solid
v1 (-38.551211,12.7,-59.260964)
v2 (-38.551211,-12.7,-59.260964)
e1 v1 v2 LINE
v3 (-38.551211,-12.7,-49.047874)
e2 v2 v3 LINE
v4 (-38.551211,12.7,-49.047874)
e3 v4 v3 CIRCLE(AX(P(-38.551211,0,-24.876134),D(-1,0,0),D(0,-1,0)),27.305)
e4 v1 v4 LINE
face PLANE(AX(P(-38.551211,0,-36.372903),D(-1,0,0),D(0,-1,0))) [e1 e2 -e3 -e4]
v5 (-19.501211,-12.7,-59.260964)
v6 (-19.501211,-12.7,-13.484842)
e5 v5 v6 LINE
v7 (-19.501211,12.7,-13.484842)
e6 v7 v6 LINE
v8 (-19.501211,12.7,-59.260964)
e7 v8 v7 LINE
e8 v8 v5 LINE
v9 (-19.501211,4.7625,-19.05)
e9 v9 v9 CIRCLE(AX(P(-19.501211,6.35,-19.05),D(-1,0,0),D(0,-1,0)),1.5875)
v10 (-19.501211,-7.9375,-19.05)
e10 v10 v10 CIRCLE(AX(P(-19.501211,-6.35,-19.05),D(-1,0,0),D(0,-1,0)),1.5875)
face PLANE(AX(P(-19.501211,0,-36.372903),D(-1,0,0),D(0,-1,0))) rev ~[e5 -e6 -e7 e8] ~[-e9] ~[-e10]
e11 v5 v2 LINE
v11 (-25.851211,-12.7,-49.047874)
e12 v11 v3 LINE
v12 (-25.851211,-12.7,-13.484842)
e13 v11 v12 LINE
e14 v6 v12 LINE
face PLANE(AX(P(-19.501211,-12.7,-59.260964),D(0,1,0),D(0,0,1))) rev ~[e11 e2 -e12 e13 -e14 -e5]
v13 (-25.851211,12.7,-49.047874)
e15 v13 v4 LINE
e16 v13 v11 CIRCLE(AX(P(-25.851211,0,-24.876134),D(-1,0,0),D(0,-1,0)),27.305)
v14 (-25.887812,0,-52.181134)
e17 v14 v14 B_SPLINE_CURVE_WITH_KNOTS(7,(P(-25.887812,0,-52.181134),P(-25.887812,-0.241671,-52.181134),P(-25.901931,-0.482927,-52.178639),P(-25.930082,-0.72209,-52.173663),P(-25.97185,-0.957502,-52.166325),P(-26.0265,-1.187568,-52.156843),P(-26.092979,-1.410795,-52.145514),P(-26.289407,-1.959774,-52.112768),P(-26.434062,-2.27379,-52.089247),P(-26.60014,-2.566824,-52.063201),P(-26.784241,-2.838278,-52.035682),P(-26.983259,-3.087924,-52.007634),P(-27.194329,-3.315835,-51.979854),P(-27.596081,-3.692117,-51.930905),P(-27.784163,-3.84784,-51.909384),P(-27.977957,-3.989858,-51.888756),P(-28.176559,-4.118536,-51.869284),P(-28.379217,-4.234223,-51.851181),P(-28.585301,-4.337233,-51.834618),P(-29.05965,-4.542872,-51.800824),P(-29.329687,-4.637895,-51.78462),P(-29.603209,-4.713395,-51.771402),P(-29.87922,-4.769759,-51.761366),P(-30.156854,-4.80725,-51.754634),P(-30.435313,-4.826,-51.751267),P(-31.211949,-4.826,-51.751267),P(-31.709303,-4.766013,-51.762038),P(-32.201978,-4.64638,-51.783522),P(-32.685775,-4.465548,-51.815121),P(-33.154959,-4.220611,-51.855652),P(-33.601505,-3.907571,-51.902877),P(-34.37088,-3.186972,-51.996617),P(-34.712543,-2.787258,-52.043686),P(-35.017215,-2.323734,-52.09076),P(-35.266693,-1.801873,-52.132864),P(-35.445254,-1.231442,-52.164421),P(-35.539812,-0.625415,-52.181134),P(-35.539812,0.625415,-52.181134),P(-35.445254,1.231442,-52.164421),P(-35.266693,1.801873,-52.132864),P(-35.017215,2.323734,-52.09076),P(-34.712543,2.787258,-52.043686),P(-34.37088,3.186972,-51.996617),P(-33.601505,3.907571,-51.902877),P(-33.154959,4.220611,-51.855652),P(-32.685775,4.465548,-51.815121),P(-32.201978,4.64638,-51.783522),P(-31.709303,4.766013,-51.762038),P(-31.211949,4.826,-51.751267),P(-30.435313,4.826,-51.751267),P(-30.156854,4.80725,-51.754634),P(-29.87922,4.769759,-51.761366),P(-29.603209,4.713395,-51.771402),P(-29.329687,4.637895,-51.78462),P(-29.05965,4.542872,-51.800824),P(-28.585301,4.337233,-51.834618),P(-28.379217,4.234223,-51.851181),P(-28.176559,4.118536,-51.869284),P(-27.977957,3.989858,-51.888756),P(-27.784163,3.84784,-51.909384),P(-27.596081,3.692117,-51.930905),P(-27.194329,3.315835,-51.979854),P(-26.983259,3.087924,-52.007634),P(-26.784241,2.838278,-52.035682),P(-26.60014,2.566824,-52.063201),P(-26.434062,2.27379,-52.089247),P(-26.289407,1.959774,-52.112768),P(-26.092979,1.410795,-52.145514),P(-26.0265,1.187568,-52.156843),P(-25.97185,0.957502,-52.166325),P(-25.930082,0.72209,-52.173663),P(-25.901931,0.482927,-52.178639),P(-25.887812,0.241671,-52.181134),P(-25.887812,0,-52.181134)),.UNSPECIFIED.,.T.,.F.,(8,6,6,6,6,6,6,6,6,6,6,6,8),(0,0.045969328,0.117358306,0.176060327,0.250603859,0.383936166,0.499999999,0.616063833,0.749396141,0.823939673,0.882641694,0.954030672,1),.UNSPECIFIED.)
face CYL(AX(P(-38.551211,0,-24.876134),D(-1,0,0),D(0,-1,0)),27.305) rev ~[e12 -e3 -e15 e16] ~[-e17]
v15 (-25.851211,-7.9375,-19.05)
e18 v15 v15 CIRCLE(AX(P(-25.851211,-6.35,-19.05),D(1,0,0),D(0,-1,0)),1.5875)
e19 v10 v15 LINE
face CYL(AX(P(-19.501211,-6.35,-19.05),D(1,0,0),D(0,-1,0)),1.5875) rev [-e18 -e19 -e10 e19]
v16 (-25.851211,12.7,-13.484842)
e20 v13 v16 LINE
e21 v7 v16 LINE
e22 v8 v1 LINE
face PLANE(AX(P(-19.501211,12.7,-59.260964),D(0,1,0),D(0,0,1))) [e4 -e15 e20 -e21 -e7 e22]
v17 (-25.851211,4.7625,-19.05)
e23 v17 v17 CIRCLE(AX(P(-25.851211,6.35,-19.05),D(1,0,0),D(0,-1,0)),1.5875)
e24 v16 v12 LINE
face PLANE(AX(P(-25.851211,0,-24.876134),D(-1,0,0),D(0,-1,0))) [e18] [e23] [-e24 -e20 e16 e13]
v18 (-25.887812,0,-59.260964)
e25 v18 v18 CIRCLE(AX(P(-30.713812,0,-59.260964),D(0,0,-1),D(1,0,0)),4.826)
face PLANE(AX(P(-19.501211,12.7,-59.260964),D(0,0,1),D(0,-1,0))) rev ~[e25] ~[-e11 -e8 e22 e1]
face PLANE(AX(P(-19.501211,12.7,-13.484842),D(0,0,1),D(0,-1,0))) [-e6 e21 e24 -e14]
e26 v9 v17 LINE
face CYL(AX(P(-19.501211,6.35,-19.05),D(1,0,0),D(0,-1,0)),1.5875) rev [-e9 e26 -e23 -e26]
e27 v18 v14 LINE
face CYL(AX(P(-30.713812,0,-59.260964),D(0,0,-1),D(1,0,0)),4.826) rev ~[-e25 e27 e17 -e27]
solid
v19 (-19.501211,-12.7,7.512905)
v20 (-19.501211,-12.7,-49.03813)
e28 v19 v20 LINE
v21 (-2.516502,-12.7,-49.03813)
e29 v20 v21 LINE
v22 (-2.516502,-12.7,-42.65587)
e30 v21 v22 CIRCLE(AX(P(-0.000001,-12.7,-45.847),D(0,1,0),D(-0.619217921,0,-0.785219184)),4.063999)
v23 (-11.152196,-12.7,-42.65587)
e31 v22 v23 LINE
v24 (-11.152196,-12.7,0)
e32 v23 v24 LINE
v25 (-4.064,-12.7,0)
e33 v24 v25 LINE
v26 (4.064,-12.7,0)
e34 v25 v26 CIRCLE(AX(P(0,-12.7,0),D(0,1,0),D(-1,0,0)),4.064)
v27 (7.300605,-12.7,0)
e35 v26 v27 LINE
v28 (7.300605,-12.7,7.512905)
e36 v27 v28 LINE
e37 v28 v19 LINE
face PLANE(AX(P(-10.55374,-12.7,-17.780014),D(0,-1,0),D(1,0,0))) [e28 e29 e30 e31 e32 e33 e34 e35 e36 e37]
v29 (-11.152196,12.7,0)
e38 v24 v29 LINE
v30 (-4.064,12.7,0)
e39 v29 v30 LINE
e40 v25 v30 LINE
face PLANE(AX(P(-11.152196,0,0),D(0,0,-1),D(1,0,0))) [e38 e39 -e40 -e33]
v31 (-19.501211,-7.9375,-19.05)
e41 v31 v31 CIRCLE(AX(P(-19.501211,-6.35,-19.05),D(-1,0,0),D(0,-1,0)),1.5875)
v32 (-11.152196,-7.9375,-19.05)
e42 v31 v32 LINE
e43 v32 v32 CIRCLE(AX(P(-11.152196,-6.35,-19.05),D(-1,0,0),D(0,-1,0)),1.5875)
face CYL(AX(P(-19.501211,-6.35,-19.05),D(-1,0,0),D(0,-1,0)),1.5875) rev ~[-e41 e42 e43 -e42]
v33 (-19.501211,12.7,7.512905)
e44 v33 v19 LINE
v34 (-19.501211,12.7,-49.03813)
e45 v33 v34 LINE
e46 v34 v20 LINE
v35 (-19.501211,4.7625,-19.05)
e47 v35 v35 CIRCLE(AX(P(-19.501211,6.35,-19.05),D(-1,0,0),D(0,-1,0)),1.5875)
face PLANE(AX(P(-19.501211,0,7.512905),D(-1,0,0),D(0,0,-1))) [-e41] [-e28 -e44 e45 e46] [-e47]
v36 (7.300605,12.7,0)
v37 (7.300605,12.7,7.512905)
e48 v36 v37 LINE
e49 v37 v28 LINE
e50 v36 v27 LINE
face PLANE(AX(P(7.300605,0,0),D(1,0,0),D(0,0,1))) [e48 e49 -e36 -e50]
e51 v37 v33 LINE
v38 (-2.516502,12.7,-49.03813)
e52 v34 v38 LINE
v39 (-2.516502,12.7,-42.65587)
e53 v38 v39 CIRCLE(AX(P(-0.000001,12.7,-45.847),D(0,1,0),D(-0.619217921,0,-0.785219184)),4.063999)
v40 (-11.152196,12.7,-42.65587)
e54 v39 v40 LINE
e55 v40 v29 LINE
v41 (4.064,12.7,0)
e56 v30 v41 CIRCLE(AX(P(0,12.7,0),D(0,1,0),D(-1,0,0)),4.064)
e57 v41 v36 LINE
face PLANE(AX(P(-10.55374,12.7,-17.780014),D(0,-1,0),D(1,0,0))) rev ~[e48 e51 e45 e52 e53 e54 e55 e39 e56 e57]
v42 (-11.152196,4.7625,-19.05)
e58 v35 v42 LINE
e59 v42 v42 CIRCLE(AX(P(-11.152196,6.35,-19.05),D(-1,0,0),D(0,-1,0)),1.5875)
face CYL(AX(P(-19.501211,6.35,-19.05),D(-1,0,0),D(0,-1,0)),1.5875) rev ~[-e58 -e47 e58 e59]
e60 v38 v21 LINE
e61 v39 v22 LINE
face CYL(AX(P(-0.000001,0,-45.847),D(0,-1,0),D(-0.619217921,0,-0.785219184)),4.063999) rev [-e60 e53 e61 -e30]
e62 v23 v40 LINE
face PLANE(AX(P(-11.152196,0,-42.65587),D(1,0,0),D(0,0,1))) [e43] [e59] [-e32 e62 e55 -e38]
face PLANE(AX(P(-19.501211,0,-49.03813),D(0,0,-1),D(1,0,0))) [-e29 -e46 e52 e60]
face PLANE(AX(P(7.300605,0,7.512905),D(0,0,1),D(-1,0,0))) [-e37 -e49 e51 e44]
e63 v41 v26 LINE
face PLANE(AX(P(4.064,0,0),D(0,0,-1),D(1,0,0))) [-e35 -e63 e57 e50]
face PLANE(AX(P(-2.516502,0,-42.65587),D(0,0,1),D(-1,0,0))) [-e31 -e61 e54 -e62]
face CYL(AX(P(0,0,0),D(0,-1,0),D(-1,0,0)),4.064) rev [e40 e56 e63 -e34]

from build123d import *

# Parameters (mm, degrees)
F1_DEPTH = 12.7
F2_R     = 1.5875
F3_DEPTH = 26.802816
F4_W     = 25.4
F4_H     = 45.776122
F4_R     = 1.5875
F5_DEPTH = 19.05
F6_R     = 27.305
F7_DEPTH = 12.7
F8_R     = 4.826
F9_DEPTH = 12.7


with BuildPart() as f1:
    # F0 (on Front) → F1 (new body, symmetric)
    with BuildSketch(Plane.XZ):
        with BuildLine():
            ThreePointArc((-4.064, 0), (0, 4.064), (4.064, 0))
            Line((4.064, 0), (7.300605, 0))
            Line((7.300605, 0), (7.300605, 7.512905))
            Line((7.300605, 7.512905), (-19.501211, 7.512905))
            Line((-19.501211, 7.512905), (-19.501211, -49.03813))
            Line((-19.501211, -49.03813), (-2.516502, -49.03813))
            ThreePointArc((-2.516502, -49.03813), (-4.064, -45.847), (-2.516502, -42.65587))
            Line((-2.516502, -42.65587), (-11.152196, -42.65587))
            Line((-11.152196, -42.65587), (-11.152196, 0))
            Line((-11.152196, 0), (-4.064, 0))
        make_face()
    extrude(amount=F1_DEPTH, both=True)

    # F2 (on face) → F3 (cut, through all)
    with BuildSketch(Plane(origin=(-19.501211, 0, 0), x_dir=(0, -1, 0), z_dir=(-1, 0, 0))):
        with Locations((-6.35, -19.05)):
            Circle(F2_R)
        with Locations((6.35, -19.05)):
            Circle(F2_R)
    extrude(amount=-F3_DEPTH, mode=Mode.SUBTRACT)


with BuildPart() as f5:
    # F4 (on face) → F5 (new body)
    with BuildSketch(Plane(origin=(-19.501211, 0, 0), x_dir=(0, -1, 0), z_dir=(-1, 0, 0))):
        with Locations((0, -36.372903)):
            Rectangle(F4_W, F4_H)
        with Locations((-6.35, -19.05)):
            Circle(F4_R, mode=Mode.SUBTRACT)
        with Locations((6.35, -19.05)):
            Circle(F4_R, mode=Mode.SUBTRACT)
    extrude(amount=F5_DEPTH)

    # F6 (on face) → F7 (cut)
    with BuildSketch(Plane(origin=(-38.551211, 0, 0), x_dir=(0, -1, 0), z_dir=(-1, 0, 0))):
        with Locations((0, -24.876134)):
            Circle(F6_R)
    extrude(amount=-F7_DEPTH, mode=Mode.SUBTRACT)

    # F8 (on face) → F9 (cut)
    with BuildSketch(Plane(origin=(0, 0, -59.260964), x_dir=(1, 0, 0), z_dir=(0, 0, -1))):
        with Locations((-30.713812, 0)):
            Circle(F8_R)
    extrude(amount=-F9_DEPTH, mode=Mode.SUBTRACT)


solid = Compound([f1.part, f5.part])
